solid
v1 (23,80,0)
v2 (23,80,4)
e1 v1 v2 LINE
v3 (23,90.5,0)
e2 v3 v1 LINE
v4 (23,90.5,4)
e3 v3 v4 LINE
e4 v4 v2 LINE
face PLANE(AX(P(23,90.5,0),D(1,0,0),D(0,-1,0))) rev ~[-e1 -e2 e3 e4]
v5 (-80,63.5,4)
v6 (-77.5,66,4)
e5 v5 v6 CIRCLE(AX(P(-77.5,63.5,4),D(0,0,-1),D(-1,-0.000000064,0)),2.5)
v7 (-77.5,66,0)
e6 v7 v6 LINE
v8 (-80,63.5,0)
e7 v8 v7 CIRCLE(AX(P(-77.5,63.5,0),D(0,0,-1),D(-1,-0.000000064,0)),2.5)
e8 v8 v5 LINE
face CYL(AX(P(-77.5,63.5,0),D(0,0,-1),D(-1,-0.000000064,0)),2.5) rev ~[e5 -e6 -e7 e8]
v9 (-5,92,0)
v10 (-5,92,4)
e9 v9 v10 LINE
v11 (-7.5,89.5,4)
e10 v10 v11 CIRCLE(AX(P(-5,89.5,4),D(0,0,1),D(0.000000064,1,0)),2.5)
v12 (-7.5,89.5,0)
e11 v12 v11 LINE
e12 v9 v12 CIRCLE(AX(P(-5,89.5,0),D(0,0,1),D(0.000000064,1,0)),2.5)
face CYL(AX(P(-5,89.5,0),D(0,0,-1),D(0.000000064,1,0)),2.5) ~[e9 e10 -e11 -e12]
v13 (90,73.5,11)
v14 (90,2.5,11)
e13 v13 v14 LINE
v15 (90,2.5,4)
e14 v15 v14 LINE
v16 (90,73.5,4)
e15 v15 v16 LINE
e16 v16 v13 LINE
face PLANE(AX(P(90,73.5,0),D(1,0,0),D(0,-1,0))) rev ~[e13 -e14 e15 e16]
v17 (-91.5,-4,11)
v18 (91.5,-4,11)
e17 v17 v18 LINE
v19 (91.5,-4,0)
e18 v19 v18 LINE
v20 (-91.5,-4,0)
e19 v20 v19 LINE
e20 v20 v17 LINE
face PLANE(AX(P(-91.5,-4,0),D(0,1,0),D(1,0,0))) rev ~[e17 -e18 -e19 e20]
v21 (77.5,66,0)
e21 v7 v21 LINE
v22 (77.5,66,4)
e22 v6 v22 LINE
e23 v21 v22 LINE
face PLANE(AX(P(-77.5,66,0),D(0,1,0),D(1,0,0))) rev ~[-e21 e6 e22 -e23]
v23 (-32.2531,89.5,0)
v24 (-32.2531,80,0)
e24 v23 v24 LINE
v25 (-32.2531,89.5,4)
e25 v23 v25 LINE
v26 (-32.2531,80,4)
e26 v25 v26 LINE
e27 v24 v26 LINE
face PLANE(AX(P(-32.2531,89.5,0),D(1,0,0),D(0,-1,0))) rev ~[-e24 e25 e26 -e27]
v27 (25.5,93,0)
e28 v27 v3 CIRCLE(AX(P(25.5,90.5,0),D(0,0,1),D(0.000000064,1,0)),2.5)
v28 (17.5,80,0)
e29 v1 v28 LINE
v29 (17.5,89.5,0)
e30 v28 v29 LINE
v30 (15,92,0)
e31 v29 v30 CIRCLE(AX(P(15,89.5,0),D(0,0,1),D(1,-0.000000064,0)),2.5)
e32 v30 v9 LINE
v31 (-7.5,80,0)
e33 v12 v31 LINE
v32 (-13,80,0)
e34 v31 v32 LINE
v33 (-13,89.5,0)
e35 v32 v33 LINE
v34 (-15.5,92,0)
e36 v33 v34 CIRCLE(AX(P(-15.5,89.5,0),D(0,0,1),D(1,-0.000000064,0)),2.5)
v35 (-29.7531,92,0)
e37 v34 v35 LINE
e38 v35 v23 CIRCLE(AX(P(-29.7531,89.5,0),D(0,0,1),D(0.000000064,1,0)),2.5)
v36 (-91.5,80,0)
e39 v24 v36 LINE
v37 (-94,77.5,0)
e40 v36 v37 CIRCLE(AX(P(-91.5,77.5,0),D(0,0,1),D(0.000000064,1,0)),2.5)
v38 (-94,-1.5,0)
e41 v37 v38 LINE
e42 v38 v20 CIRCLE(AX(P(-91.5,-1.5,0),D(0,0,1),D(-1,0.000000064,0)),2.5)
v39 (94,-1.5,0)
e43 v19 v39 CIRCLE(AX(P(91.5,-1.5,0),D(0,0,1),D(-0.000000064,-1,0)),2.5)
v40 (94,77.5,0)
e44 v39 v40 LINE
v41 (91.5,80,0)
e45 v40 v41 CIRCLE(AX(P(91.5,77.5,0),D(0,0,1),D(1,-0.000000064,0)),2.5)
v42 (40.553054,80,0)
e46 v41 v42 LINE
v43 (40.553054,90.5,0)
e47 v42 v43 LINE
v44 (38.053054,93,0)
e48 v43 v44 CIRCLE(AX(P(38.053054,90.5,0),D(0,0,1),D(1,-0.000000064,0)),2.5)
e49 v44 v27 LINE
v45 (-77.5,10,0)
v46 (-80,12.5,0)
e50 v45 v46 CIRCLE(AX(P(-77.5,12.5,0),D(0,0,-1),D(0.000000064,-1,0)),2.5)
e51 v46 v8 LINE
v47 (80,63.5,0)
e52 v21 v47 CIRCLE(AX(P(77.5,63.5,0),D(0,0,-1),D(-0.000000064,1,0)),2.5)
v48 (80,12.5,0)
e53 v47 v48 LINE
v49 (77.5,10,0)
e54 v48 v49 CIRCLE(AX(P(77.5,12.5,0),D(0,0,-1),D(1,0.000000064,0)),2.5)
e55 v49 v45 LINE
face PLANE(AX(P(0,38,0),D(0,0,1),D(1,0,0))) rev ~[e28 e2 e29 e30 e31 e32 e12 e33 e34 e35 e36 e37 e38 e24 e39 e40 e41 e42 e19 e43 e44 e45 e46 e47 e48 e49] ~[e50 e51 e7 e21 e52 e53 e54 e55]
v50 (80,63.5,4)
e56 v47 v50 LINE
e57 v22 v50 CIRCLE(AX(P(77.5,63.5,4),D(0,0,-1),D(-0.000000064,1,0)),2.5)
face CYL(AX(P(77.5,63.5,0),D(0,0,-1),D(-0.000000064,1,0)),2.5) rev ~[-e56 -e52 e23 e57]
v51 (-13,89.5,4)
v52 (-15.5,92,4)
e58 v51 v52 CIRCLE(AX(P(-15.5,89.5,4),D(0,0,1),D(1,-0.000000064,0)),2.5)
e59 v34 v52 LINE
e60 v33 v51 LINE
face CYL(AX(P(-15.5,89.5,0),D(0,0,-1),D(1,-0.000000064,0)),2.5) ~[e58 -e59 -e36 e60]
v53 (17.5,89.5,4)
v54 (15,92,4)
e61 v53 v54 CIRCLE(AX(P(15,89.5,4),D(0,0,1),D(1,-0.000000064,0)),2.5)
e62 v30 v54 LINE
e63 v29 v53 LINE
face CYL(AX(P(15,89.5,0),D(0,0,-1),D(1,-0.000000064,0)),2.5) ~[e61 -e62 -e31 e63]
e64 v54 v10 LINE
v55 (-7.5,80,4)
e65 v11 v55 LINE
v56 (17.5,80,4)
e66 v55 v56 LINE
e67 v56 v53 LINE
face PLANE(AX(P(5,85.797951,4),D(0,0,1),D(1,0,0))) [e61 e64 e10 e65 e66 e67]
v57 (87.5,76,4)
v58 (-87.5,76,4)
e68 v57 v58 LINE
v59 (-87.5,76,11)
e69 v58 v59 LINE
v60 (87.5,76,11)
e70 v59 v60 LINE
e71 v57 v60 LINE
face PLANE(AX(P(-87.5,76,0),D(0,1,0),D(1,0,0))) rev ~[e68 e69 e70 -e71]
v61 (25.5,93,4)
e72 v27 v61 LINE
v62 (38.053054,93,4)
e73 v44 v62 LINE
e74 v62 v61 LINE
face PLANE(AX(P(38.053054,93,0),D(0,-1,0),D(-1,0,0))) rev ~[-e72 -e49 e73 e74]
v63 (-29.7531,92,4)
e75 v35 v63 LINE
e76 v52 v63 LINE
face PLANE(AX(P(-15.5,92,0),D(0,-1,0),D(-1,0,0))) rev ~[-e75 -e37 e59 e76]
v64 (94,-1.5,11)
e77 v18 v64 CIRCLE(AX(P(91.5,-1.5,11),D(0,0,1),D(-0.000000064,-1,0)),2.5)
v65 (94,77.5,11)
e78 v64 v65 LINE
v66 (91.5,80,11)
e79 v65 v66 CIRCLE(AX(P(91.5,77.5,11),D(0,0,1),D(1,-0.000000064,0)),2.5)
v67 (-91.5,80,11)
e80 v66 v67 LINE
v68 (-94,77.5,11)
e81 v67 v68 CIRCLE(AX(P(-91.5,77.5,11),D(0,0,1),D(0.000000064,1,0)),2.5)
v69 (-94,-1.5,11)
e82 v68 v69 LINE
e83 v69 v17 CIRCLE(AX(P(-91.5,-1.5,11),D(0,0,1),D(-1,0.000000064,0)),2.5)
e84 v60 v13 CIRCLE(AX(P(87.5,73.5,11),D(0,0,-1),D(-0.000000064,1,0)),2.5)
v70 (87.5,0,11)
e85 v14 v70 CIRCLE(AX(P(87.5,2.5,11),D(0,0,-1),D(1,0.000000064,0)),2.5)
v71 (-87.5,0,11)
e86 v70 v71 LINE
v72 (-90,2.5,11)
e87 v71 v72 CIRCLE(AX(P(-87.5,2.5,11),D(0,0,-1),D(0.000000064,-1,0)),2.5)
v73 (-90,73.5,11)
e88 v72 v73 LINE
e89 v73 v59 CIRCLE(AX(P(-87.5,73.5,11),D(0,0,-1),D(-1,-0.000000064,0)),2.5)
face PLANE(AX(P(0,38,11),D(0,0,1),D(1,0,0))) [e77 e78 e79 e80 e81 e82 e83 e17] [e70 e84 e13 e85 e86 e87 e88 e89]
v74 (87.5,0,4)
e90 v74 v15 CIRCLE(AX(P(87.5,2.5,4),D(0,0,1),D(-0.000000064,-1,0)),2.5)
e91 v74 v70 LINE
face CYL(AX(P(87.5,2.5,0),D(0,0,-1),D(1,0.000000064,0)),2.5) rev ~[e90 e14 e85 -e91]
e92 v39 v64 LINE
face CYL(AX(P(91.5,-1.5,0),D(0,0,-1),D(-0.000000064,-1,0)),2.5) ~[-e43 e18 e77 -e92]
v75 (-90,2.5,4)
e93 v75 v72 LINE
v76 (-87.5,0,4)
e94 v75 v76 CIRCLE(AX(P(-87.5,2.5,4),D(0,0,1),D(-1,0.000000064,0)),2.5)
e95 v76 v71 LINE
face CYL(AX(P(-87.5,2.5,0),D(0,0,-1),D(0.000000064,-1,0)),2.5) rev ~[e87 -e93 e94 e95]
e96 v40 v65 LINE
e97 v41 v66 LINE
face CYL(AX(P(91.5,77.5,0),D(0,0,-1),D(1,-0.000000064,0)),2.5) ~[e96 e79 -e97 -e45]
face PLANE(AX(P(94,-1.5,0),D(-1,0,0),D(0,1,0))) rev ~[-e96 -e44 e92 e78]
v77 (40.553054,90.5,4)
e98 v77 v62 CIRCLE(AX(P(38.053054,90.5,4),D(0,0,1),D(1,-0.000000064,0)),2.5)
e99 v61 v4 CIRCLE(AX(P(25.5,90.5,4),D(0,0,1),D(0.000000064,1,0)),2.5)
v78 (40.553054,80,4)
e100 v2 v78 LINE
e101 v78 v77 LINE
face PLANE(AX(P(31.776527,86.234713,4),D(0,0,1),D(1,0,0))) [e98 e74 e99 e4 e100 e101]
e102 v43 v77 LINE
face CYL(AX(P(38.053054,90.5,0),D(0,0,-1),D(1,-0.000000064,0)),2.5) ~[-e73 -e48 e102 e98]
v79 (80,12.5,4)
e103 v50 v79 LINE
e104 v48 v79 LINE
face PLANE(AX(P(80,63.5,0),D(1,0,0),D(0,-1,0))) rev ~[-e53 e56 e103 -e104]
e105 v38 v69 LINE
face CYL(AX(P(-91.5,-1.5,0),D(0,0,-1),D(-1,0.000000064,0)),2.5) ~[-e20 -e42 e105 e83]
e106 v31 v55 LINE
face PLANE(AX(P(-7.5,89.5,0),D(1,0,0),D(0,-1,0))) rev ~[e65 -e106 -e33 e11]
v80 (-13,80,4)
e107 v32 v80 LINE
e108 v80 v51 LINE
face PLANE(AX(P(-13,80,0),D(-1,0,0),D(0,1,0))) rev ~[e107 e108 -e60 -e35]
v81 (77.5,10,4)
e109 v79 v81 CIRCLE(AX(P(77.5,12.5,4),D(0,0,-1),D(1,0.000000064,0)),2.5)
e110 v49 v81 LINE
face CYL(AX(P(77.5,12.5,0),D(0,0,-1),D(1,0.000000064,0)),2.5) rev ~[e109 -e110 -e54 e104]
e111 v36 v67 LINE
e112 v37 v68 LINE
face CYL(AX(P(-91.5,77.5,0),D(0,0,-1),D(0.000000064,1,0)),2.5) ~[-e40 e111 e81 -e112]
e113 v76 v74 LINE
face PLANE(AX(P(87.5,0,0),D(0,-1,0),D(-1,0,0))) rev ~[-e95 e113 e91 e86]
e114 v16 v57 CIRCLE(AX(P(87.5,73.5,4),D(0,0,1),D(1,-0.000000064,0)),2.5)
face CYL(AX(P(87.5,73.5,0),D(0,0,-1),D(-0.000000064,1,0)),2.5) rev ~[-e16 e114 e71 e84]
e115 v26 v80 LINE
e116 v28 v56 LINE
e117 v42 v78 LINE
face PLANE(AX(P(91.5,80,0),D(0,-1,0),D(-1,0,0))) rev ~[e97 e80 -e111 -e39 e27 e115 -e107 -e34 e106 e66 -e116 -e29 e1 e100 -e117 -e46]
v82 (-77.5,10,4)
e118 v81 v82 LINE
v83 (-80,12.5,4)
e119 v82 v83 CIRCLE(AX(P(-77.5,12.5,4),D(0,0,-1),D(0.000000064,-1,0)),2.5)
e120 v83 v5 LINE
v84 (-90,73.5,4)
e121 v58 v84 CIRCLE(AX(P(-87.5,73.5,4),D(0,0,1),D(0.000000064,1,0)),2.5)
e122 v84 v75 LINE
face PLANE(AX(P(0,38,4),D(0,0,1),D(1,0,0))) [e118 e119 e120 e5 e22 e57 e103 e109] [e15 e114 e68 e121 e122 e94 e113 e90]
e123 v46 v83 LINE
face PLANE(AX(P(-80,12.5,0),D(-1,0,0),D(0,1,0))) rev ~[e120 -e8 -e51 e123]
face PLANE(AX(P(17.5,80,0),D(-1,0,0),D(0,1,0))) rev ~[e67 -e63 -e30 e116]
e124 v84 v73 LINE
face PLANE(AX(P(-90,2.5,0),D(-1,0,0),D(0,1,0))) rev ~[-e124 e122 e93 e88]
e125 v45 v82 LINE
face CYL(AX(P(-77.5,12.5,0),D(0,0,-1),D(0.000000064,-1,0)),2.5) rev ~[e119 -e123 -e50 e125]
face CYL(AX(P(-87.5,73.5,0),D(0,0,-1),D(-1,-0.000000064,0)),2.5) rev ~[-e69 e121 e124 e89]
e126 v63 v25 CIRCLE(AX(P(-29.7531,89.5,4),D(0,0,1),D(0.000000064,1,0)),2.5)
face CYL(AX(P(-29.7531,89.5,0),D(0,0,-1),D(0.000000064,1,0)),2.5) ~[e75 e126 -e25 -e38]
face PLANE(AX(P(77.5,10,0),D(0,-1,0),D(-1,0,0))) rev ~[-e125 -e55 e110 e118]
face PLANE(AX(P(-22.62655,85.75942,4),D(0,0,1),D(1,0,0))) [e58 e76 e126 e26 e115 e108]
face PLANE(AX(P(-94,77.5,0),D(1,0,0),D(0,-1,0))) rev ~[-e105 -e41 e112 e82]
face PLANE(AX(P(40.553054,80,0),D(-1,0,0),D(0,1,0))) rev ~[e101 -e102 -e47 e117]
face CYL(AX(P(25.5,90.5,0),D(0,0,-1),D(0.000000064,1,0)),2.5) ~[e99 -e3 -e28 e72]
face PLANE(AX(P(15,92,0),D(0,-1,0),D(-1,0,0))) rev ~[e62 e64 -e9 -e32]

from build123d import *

# Parameters (mm, degrees)
F1_DEPTH = 11
F2_DEPTH = 4


with BuildPart() as f1:
    # F0 (on Top) → F1 (new body)
    with BuildSketch(Plane.XY):
        with BuildLine():
            ThreePointArc((94, 77.5), (93.267767, 79.267767), (91.5, 80))
            Line((91.5, 80), (40.553054, 80))
            Line((40.553054, 80), (23, 80))
            Line((23, 80), (17.5, 80))
            Line((17.5, 80), (-7.5, 80))
            Line((-7.5, 80), (-13, 80))
            Line((-13, 80), (-32.2531, 80))
            Line((-32.2531, 80), (-74.5, 80))
            Line((-74.5, 80), (-91.5, 80))
            ThreePointArc((-91.5, 80), (-93.267767, 79.267767), (-94, 77.5))
            Line((-94, 77.5), (-94, 76))
            Line((-94, 76), (-94, 0))
            Line((-94, 0), (-94, -1.5))
            ThreePointArc((-94, -1.5), (-93.267767, -3.267767), (-91.5, -4))
            Line((-91.5, -4), (-88, -4))
            Line((-88, -4), (88, -4))
            Line((88, -4), (91.5, -4))
            ThreePointArc((91.5, -4), (93.267767, -3.267767), (94, -1.5))
            Line((94, -1.5), (94, 0))
            Line((94, 0), (94, 76))
            Line((94, 76), (94, 77.5))
        make_face()
        with BuildLine():
            ThreePointArc((90, 2.5), (89.267767, 0.732233), (87.5, 0))
            Line((87.5, 0), (-87.5, 0))
            ThreePointArc((-87.5, 0), (-89.267767, 0.732233), (-90, 2.5))
            Line((-90, 2.5), (-90, 73.5))
            ThreePointArc((-90, 73.5), (-89.267767, 75.267767), (-87.5, 76))
            Line((-87.5, 76), (87.5, 76))
            ThreePointArc((87.5, 76), (89.267767, 75.267767), (90, 73.5))
            Line((90, 73.5), (90, 2.5))
        make_face(mode=Mode.SUBTRACT)
    extrude(amount=F1_DEPTH)

    # F0 (on Top) → F2 (join)
    with BuildSketch(Plane.XY):
        with BuildLine():
            Line((-87.5, 0), (87.5, 0))
            ThreePointArc((87.5, 0), (89.267767, 0.732233), (90, 2.5))
            Line((90, 2.5), (90, 73.5))
            ThreePointArc((90, 73.5), (89.267767, 75.267767), (87.5, 76))
            Line((87.5, 76), (-87.5, 76))
            ThreePointArc((-87.5, 76), (-89.267767, 75.267767), (-90, 73.5))
            Line((-90, 73.5), (-90, 2.5))
            ThreePointArc((-90, 2.5), (-89.267767, 0.732233), (-87.5, 0))
        make_face()
        with BuildLine():
            Line((-77.5, 66), (77.5, 66))
            ThreePointArc((77.5, 66), (79.267767, 65.267767), (80, 63.5))
            Line((80, 63.5), (80, 12.5))
            ThreePointArc((80, 12.5), (79.267767, 10.732233), (77.5, 10))
            Line((77.5, 10), (-77.5, 10))
            ThreePointArc((-77.5, 10), (-79.267767, 10.732233), (-80, 12.5))
            Line((-80, 12.5), (-80, 63.5))
            ThreePointArc((-80, 63.5), (-79.267767, 65.267767), (-77.5, 66))
        make_face(mode=Mode.SUBTRACT)
        with BuildLine():
            Line((-32.2531, 80), (-13, 80))
            Line((-13, 80), (-13, 89.5))
            ThreePointArc((-13, 89.5), (-13.732233, 91.267767), (-15.5, 92))
            Line((-15.5, 92), (-29.7531, 92))
            ThreePointArc((-29.7531, 92), (-31.520867, 91.267767), (-32.2531, 89.5))
            Line((-32.2531, 89.5), (-32.2531, 80))
        make_face()
        with BuildLine():
            Line((-7.5, 80), (17.5, 80))
            Line((17.5, 80), (17.5, 89.5))
            ThreePointArc((17.5, 89.5), (16.767767, 91.267767), (15, 92))
            Line((15, 92), (-5, 92))
            ThreePointArc((-5, 92), (-6.767767, 91.267767), (-7.5, 89.5))
            Line((-7.5, 89.5), (-7.5, 80))
        make_face()
        with BuildLine():
            Line((23, 80), (40.553054, 80))
            Line((40.553054, 80), (40.553054, 90.5))
            ThreePointArc((40.553054, 90.5), (39.820821, 92.267767), (38.053054, 93))
            Line((38.053054, 93), (25.5, 93))
            ThreePointArc((25.5, 93), (23.732233, 92.267767), (23, 90.5))
            Line((23, 90.5), (23, 80))
        make_face()
    extrude(amount=F2_DEPTH)


solid = f1.part
